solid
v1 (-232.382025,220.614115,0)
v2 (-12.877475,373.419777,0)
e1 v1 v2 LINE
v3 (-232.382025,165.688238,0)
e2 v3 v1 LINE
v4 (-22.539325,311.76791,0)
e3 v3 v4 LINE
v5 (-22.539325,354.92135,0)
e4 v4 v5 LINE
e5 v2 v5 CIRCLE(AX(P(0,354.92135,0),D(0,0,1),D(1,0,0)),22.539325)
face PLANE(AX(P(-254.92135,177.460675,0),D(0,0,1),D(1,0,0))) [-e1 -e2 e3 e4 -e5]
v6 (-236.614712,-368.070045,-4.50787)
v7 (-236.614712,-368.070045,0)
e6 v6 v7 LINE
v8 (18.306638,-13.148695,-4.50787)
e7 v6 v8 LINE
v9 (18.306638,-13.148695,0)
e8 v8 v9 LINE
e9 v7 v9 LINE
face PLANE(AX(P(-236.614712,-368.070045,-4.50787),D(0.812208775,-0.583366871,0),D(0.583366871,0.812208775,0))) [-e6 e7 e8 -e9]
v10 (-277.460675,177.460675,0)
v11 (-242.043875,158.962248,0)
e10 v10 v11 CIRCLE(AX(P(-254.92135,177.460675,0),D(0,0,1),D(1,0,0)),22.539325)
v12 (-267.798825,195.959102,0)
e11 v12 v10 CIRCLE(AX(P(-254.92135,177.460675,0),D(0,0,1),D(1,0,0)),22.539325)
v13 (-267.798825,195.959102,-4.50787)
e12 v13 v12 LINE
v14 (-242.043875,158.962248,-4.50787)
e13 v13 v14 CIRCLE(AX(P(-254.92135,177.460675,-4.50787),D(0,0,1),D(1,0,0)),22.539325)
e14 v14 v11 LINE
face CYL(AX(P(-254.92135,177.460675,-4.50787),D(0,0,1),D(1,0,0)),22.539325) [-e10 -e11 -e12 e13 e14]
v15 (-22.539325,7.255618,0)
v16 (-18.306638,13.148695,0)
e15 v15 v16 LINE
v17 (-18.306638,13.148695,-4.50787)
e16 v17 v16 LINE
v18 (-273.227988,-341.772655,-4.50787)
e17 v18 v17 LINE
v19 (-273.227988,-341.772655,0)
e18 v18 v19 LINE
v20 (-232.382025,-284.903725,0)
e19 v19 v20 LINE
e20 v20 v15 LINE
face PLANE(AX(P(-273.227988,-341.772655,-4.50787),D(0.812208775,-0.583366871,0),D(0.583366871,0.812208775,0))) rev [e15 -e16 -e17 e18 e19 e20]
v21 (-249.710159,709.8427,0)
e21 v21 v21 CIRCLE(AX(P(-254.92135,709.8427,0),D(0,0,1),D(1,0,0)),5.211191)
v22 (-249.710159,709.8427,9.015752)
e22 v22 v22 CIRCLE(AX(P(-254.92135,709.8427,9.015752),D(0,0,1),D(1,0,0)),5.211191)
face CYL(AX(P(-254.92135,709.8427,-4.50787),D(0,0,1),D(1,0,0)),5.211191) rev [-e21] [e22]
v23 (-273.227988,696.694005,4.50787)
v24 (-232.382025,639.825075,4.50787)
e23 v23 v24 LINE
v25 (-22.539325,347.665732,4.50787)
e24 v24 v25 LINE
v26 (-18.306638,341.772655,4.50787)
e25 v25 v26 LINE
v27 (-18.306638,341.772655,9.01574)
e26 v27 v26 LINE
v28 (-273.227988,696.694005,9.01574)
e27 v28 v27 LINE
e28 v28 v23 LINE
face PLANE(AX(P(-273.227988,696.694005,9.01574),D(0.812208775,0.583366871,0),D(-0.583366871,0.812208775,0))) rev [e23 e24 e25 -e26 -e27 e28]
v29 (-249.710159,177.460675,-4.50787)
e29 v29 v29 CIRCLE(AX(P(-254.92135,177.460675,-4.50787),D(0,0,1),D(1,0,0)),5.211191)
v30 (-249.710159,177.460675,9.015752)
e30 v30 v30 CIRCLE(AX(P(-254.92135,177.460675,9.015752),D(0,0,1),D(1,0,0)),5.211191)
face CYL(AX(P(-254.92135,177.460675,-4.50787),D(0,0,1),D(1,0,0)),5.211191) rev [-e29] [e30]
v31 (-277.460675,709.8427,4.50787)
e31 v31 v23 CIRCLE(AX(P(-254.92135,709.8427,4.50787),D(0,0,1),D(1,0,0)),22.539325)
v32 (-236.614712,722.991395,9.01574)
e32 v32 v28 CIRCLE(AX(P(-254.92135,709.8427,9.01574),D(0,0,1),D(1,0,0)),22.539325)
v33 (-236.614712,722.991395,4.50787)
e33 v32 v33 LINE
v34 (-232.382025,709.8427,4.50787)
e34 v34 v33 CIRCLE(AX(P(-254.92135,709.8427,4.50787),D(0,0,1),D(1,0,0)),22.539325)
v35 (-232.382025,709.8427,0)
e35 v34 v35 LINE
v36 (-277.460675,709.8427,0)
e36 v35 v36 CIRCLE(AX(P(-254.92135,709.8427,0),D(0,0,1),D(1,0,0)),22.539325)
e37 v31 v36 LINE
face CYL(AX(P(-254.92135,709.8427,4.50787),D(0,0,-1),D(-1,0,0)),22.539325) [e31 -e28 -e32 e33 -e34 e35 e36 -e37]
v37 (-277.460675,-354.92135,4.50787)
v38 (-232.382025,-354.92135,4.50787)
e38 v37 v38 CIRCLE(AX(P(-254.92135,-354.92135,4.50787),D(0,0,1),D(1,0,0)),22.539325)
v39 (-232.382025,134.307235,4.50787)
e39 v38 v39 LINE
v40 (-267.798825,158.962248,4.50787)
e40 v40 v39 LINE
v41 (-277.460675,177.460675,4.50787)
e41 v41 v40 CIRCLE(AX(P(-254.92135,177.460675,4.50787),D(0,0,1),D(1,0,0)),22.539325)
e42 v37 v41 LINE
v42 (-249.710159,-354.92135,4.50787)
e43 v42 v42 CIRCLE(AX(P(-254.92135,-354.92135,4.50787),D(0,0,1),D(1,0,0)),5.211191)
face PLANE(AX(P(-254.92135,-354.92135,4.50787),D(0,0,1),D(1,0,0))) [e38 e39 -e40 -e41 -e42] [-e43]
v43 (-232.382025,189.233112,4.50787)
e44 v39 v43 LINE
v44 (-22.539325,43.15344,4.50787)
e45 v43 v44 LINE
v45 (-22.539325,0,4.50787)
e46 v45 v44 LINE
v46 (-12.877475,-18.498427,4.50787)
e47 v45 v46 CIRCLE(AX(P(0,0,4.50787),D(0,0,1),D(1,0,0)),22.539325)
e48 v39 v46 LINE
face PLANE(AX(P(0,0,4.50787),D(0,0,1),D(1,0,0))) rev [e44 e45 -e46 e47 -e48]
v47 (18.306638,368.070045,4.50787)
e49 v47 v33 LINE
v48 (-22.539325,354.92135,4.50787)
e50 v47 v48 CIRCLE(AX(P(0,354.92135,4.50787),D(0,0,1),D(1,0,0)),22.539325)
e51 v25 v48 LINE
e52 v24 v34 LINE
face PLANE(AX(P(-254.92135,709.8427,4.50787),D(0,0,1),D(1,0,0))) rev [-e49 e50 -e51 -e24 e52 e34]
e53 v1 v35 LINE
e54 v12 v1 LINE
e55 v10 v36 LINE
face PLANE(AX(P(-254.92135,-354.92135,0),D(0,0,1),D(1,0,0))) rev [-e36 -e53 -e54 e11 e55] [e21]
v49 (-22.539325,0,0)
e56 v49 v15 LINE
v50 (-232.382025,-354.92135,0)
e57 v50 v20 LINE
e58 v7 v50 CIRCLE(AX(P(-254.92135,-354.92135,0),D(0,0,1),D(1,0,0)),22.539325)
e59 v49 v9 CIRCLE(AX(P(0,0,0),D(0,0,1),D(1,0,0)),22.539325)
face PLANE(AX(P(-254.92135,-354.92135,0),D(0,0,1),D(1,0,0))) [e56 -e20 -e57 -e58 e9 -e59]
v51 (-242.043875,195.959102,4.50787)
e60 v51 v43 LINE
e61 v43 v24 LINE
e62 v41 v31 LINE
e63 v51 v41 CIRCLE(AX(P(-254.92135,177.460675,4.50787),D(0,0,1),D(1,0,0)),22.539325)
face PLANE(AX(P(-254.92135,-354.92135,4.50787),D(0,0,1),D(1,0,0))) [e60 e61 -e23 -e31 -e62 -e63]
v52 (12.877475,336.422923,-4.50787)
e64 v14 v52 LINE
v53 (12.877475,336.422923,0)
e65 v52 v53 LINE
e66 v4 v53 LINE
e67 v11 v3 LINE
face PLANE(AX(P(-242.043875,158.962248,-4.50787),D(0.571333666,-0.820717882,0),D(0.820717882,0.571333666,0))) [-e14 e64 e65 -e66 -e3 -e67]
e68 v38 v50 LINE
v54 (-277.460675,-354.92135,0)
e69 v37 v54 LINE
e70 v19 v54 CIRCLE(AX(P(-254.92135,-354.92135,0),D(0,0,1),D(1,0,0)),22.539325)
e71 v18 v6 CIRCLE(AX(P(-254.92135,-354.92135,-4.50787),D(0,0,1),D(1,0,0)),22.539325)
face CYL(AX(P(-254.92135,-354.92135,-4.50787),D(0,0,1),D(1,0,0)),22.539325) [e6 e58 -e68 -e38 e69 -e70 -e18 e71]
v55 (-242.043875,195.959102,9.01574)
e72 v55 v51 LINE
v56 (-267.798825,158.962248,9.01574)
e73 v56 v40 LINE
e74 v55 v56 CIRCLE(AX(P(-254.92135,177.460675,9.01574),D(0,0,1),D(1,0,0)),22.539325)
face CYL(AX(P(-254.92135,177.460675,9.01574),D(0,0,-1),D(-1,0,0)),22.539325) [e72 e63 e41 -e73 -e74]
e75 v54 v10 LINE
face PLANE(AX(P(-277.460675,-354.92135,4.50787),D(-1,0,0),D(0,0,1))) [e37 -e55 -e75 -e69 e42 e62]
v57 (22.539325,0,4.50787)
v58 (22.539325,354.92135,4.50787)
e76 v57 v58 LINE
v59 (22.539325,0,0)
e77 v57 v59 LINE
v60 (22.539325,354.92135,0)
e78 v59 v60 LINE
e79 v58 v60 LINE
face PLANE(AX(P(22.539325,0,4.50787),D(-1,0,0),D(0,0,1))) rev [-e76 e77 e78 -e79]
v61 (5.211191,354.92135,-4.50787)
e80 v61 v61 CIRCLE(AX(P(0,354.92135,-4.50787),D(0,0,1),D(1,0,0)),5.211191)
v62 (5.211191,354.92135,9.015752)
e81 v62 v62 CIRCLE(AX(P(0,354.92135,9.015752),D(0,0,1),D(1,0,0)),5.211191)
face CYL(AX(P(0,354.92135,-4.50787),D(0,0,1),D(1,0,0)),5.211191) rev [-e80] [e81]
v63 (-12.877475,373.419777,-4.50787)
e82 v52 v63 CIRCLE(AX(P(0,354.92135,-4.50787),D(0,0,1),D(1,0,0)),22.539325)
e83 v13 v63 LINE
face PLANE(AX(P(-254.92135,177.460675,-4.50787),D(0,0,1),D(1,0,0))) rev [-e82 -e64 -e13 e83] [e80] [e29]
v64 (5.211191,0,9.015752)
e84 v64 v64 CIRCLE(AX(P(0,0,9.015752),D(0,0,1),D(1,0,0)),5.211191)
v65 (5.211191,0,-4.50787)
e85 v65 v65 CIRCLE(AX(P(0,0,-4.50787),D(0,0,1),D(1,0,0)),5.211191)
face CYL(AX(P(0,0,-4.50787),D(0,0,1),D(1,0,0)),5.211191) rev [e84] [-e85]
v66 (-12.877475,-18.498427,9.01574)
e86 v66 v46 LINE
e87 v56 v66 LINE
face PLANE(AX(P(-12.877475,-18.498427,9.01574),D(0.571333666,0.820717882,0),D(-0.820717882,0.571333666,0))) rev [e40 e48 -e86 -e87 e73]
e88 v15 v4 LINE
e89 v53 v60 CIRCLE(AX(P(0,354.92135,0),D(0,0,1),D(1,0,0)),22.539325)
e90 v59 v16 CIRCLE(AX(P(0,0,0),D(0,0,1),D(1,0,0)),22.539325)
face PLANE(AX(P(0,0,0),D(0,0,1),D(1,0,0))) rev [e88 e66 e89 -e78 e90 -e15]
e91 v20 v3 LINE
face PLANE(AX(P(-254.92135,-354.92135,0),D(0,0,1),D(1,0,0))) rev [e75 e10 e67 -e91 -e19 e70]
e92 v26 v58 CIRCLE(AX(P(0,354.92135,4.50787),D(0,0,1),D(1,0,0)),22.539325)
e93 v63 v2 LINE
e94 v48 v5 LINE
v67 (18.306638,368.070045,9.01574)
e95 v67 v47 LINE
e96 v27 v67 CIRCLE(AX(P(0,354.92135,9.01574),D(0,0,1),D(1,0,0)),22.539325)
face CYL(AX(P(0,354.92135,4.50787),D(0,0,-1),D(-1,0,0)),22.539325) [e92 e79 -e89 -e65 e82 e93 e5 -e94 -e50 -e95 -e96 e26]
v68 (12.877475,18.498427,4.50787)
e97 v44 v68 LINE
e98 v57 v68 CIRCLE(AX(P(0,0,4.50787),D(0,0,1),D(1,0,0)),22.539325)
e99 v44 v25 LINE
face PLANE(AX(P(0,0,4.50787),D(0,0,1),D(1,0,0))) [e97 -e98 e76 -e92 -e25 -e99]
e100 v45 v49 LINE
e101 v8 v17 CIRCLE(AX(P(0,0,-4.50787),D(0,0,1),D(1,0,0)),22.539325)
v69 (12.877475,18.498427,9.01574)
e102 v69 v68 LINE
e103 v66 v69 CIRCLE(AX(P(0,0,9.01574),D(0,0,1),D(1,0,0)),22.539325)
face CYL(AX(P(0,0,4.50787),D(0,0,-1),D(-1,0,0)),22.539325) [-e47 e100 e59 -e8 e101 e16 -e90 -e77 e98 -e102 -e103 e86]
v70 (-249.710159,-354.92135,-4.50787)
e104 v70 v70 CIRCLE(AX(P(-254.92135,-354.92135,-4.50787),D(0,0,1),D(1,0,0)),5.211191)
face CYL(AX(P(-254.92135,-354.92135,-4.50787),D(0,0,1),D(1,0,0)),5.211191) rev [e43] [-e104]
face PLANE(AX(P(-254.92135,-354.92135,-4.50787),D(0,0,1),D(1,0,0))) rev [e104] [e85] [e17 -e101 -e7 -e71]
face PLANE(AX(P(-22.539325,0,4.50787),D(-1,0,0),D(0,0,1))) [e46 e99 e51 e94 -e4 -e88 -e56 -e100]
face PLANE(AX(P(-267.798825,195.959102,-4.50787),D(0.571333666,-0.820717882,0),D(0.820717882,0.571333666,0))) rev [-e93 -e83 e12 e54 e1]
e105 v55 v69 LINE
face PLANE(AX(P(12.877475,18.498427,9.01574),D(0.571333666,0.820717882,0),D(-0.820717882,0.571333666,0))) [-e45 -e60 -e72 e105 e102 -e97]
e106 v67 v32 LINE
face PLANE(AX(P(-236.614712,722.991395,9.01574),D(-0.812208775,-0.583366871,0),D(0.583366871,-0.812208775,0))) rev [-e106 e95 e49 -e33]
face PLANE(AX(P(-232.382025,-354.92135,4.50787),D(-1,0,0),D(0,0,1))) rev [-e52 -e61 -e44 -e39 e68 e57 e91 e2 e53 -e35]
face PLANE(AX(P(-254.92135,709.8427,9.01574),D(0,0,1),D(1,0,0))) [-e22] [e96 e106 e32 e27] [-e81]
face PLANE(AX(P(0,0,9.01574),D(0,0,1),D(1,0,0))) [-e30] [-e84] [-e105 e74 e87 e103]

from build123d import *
from build123d.topology import SkipClean

# Parameters (mm, degrees)
CD_DEPTH                = 4.50787
BE_AE_DEPTH             = 4.50787
BOSS_EXTRUDE3_START     = -4.50787
BOSS_EXTRUDE3_DEPTH     = 4.50787
BOSS_EXTRUDE4_DEPTH     = 4.50787
BOSS_EXTRUDE5_START     = -4.50787
BOSS_EXTRUDE5_DEPTH     = 4.50787
BOSS_EXTRUDE7_DEPTH     = 4.50787
CUT_EXTRUDE1_DEPTH      = 784.294801
CUT_EXTRUDE1_DEPTH_BACK = 784.294801
SKETCH5_R               = 5.211191


with BuildPart() as part:
    # Sketch1 → CD (new body)
    with BuildSketch(Plane(origin=(0, 0, 0), x_dir=(0, 1, 0), z_dir=(0, 0, 1))):
        with BuildLine():
            Line((0, 22.539325), (354.92135, 22.539325))
            ThreePointArc((354.92135, 22.539325), (377.460675, 0), (354.92135, -22.539325))
            Line((354.92135, -22.539325), (0, -22.539325))
            ThreePointArc((0, -22.539325), (-22.539325, 0), (0, 22.539325))
        make_face()
    extrude(amount=CD_DEPTH)



with BuildPart() as body_2:
    # Sketch1<4> → BE & AE (new body)
    with BuildSketch(Plane(origin=(0, 0, 0), x_dir=(0, 1, 0), z_dir=(0, 0, 1))):
        with BuildLine():
            Line((177.460675, 277.460675), (-354.92135, 277.460675))
            ThreePointArc((-354.92135, 277.460675), (-377.460675, 254.92135), (-354.92135, 232.382025))
            Line((-354.92135, 232.382025), (177.460675, 232.382025))
            ThreePointArc((177.460675, 232.382025), (154.92135, 254.92135), (177.460675, 277.460675))
        make_face()
        with BuildLine():
            Line((709.8427, 277.460675), (177.460675, 277.460675))
            ThreePointArc((177.460675, 277.460675), (200, 254.92135), (177.460675, 232.382025))
            Line((177.460675, 232.382025), (709.8427, 232.382025))
            ThreePointArc((709.8427, 232.382025), (732.382025, 254.92135), (709.8427, 277.460675))
        make_face()
        with BuildLine():
            ThreePointArc((177.460675, 232.382025), (200, 254.92135), (177.460675, 277.460675))
            ThreePointArc((177.460675, 277.460675), (154.92135, 254.92135), (177.460675, 232.382025))
        make_face()
    extrude(amount=BE_AE_DEPTH)


with BuildPart() as part_1:
    add(part.part)

    add(body_2.part)  # Boss-Extrude3 merges body 2
    # Sketch1<5> → Boss-Extrude3 (add)
    with BuildSketch(Plane(origin=(0, 0, 0), x_dir=(0, 1, 0), z_dir=(0, 0, 1)).offset(BOSS_EXTRUDE3_START)):
        with BuildLine():
            Line((-341.772655, 273.227988), (13.148695, 18.306638))
            ThreePointArc((13.148695, 18.306638), (18.306638, -13.148695), (-13.148695, -18.306638))
            Line((-13.148695, -18.306638), (-368.070045, 236.614712))
            ThreePointArc((-368.070045, 236.614712), (-373.227988, 268.070045), (-341.772655, 273.227988))
        make_face()
    extrude(amount=BOSS_EXTRUDE3_DEPTH)

    # Sketch3 → Boss-Extrude4 (add)
    with BuildSketch(Plane.XY.offset(4.50787)):
        with BuildLine():
            Line((12.877475, 18.498427), (-242.043875, 195.959102))
            ThreePointArc((-242.043875, 195.959102), (-273.419777, 190.33815), (-267.798825, 158.962248))
            Line((-267.798825, 158.962248), (-12.877475, -18.498427))
            ThreePointArc((-12.877475, -18.498427), (18.498427, -12.877475), (12.877475, 18.498427))
        make_face()
    extrude(amount=BOSS_EXTRUDE4_DEPTH)

    # Sketch1<6> → Boss-Extrude5 (add)
    with BuildSketch(Plane(origin=(0, 0, 0), x_dir=(0, 1, 0), z_dir=(0, 0, 1)).offset(BOSS_EXTRUDE5_START)):
        with BuildLine():
            Line((195.959102, 267.798825), (373.419777, 12.877475))
            ThreePointArc((373.419777, 12.877475), (367.798825, -18.498427), (336.422923, -12.877475))
            Line((336.422923, -12.877475), (158.962248, 242.043875))
            ThreePointArc((158.962248, 242.043875), (164.5832, 273.419777), (195.959102, 267.798825))
        make_face()
    extrude(amount=BOSS_EXTRUDE5_DEPTH)

    # Sketch4 → Boss-Extrude7 (add)
    with SkipClean():  # the faces are left unmerged after this step: merging them gives an invalid solid
        with BuildSketch(Plane.XY.offset(4.50787)):
            with BuildLine():
                Line((-236.614712, 722.991395), (18.306638, 368.070045))
                ThreePointArc((18.306638, 368.070045), (13.148695, 336.614712), (-18.306638, 341.772655))
                Line((-18.306638, 341.772655), (-273.227988, 696.694005))
                ThreePointArc((-273.227988, 696.694005), (-268.070045, 728.149338), (-236.614712, 722.991395))
            make_face()
        extrude(amount=BOSS_EXTRUDE7_DEPTH)

    # Sketch5 → Cut-Extrude1 (cut, two sides: drawn at the far end of the back side and taken through both)
    with SkipClean():  # the faces are left unmerged after this step: merging them gives an invalid solid
        with BuildSketch(Plane.XY.offset(9.01574).offset(-CUT_EXTRUDE1_DEPTH_BACK)):
            Circle(SKETCH5_R)
            with Locations((-254.92135, 177.460675)):
                Circle(SKETCH5_R)
            with Locations((-254.92135, -354.92135)):
                Circle(SKETCH5_R)
            with Locations((0, 354.92135)):
                Circle(SKETCH5_R)
            with Locations((-254.92135, 709.8427)):
                Circle(SKETCH5_R)
        extrude(amount=CUT_EXTRUDE1_DEPTH + CUT_EXTRUDE1_DEPTH_BACK, mode=Mode.SUBTRACT)


solid = part_1.part
